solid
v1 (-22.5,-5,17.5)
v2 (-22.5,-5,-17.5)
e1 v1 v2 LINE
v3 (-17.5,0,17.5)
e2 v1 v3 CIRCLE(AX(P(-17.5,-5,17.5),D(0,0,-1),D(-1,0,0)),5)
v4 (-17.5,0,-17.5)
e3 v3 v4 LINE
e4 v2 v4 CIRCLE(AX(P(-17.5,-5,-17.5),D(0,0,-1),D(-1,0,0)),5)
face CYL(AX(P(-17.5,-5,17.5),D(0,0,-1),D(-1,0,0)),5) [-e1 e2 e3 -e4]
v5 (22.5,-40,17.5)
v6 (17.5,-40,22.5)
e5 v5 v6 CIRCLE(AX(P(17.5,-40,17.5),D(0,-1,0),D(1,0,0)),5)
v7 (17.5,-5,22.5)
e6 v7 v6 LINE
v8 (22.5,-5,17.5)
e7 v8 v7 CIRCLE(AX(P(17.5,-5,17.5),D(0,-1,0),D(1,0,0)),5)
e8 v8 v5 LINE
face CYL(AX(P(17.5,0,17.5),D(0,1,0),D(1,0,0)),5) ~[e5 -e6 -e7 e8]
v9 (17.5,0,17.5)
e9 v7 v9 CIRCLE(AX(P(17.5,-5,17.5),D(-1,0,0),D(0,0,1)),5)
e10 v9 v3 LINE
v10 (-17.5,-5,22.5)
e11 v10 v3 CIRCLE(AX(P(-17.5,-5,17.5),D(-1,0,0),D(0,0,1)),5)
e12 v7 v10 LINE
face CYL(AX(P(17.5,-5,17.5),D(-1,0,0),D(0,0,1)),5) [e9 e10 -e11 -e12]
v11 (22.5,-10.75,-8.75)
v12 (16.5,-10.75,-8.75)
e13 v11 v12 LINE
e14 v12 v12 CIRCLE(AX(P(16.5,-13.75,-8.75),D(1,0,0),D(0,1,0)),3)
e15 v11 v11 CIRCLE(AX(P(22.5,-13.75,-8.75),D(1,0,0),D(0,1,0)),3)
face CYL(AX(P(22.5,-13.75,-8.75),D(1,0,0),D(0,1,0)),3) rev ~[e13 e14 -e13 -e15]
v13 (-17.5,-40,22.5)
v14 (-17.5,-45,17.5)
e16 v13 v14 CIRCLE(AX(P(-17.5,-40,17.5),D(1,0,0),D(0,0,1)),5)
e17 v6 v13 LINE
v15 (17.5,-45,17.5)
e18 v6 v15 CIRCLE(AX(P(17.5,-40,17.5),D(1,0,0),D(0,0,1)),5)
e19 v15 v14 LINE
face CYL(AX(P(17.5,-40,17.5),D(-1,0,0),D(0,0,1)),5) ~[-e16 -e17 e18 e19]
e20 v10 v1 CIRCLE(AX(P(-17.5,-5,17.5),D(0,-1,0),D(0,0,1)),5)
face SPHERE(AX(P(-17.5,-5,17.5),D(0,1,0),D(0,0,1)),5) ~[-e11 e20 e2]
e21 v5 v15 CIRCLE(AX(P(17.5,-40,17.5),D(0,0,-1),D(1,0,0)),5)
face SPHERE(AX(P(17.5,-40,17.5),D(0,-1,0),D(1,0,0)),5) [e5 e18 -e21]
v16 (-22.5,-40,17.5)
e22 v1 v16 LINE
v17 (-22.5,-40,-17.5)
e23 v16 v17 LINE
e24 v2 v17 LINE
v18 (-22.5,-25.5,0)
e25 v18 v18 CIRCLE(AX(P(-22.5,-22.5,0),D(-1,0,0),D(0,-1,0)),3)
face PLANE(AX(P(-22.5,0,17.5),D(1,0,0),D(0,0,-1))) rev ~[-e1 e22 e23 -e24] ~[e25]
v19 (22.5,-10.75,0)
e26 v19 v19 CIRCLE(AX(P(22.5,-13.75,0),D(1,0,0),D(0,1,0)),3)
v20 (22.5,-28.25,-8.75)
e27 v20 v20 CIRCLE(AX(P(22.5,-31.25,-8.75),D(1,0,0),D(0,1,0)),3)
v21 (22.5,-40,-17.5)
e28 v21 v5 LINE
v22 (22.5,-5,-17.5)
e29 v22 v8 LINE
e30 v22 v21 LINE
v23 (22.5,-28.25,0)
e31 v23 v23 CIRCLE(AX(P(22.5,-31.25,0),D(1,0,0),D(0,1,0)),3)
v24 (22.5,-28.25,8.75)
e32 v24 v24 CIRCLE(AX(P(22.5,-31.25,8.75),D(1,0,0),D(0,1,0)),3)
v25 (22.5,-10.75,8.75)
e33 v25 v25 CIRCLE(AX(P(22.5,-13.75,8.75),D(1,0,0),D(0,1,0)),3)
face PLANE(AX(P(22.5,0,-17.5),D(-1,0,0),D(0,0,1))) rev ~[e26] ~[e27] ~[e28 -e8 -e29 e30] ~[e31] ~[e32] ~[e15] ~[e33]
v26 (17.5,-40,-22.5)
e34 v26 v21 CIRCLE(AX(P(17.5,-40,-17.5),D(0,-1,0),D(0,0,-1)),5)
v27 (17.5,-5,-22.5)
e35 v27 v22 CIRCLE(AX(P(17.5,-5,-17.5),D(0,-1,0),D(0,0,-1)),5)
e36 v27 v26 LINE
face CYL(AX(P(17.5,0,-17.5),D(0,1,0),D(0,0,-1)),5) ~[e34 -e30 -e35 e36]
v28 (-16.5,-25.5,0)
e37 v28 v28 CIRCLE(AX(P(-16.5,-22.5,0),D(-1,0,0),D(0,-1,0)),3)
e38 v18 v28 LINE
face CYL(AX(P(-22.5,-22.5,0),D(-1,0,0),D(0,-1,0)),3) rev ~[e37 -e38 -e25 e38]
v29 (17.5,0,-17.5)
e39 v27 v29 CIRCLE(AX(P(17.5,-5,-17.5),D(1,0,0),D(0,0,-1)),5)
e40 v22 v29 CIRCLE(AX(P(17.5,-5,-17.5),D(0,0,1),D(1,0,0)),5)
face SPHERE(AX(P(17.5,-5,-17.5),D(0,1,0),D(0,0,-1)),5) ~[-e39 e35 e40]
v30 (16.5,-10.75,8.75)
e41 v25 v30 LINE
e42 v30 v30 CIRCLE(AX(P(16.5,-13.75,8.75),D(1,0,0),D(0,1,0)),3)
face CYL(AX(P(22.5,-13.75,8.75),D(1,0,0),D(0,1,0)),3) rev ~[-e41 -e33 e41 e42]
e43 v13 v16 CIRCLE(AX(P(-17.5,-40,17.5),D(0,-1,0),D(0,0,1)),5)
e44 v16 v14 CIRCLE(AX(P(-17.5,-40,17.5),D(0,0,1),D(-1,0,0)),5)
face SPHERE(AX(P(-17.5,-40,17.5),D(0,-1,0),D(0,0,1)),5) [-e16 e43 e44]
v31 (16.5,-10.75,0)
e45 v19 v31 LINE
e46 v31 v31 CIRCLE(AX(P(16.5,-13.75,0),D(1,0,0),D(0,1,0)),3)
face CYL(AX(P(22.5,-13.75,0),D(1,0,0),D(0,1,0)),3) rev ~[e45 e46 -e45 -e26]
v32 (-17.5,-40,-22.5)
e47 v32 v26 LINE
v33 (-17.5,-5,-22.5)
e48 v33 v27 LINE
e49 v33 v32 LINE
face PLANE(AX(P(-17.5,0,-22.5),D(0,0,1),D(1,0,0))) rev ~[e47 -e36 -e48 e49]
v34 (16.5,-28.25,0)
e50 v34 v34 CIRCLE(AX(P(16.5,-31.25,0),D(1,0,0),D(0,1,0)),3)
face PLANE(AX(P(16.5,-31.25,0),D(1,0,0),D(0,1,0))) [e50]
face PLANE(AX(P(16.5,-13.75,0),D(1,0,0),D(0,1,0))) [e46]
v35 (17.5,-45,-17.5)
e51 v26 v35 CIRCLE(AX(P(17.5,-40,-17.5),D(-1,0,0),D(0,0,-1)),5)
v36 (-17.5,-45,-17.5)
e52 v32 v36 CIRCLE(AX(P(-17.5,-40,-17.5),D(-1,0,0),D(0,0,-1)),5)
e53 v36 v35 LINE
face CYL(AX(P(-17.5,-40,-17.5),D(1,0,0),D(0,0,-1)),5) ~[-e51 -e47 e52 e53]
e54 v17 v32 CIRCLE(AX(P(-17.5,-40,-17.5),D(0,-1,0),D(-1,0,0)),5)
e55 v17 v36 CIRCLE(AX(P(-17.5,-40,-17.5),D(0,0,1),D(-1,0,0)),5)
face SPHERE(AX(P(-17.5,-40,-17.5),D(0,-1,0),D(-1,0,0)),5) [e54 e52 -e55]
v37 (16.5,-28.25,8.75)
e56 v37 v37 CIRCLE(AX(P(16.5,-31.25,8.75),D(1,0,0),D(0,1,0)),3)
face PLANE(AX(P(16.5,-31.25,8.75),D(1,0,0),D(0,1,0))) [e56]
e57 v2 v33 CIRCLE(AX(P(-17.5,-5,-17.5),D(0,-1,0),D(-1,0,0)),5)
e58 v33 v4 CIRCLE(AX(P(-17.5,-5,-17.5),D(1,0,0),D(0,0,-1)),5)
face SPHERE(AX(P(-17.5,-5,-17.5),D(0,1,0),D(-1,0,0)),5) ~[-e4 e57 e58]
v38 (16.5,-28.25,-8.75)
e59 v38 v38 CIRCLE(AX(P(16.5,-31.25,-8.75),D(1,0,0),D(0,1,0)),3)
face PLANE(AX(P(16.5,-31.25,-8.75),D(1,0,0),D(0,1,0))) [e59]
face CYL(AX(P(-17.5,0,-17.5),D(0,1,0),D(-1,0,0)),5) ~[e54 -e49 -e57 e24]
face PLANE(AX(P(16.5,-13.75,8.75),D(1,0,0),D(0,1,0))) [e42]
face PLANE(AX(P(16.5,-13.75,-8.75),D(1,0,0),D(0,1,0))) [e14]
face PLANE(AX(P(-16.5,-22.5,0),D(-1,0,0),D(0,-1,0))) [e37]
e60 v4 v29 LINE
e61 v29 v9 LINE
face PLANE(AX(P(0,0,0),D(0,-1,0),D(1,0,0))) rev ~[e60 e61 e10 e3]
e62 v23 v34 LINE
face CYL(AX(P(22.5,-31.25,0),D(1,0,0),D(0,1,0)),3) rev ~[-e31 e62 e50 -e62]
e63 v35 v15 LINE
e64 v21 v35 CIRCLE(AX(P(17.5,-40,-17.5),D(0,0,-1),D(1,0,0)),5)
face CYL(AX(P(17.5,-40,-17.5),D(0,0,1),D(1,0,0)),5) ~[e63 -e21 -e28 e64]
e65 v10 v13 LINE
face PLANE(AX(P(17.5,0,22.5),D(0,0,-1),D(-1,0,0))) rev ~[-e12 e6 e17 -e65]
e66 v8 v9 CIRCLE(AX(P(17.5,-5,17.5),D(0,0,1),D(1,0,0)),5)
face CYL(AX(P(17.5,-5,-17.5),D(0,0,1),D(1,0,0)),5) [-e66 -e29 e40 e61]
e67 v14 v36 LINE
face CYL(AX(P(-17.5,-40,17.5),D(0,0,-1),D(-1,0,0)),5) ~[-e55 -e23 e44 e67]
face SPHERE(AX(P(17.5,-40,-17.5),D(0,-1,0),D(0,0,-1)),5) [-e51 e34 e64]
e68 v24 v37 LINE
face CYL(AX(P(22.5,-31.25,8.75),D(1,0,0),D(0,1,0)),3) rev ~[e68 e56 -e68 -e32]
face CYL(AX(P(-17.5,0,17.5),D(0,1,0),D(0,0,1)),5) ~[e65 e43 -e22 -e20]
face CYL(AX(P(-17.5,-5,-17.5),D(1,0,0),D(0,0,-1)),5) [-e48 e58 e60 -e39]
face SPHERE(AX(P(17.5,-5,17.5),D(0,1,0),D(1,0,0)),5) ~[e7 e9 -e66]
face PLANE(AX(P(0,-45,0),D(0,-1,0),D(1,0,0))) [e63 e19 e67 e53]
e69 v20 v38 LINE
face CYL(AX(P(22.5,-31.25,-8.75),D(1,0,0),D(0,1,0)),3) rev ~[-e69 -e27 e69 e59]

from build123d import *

# Parameters (mm, degrees)
F1_DEPTH = 45
F2_R     = 5
F3_R     = 5
F4_R     = 3
F5_DEPTH = 6
F6_R     = 3
F7_DEPTH = 6


with BuildPart() as f1:
    # F0 (on Front) → F1 (new body)
    with BuildSketch(Plane.XZ):
        with BuildLine():
            Line((17.5, 22.5), (-17.5, 22.5))
            ThreePointArc((-17.5, 22.5), (-21.0355339059, 21.0355339059), (-22.5, 17.5))
            Line((-22.5, 17.5), (-22.5, -17.5))
            ThreePointArc((-22.5, -17.5), (-21.0355339059, -21.0355339059), (-17.5, -22.5))
            Line((-17.5, -22.5), (17.5, -22.5))
            ThreePointArc((17.5, -22.5), (21.0355339059, -21.0355339059), (22.5, -17.5))
            Line((22.5, -17.5), (22.5, 17.5))
            ThreePointArc((22.5, 17.5), (21.0355339059, 21.0355339059), (17.5, 22.5))
        make_face()
    extrude(amount=F1_DEPTH)

    # F2
    f2_edges = [f1.edges().sort_by_distance(p)[0] for p in [
        (0, -45, 22.5),
        (-21.035534, -45, 21.035534),
        (-22.5, -45, 0),
        (-21.035534, -45, -21.035534),
        (0, -45, -22.5),
        (21.035534, -45, -21.035534),
        (22.5, -45, 0),
        (21.035534, -45, 21.035534),
    ]]
    fillet(f2_edges, radius=F2_R)

    # F3
    f3_edges = [f1.edges().sort_by_distance(p)[0] for p in [
        (0, 0, 22.5),
        (-21.035534, 0, 21.035534),
        (-22.5, 0, 0),
        (-21.035534, 0, -21.035534),
        (0, 0, -22.5),
        (21.035534, 0, -21.035534),
        (22.5, 0, 0),
        (21.035534, 0, 21.035534),
    ]]
    fillet(f3_edges, radius=F3_R)

    # F4 (on face) → F5 (cut)
    with BuildSketch(Plane(origin=(-22.5, 0, 0), x_dir=(0, -1, 0), z_dir=(-1, 0, 0))):
        with Locations((22.5, 0)):
            Circle(F4_R)
    extrude(amount=-F5_DEPTH, mode=Mode.SUBTRACT)

    # F6 (on face) → F7 (cut)
    with BuildSketch(Plane.YZ.offset(22.5)):
        with Locations((-31.25, 8.75)):
            Circle(F6_R)
        with Locations((-31.25, 0)):
            Circle(F6_R)
        with Locations((-31.25, -8.75)):
            Circle(F6_R)
        with Locations((-13.75, -8.75)):
            Circle(F6_R)
        with Locations((-13.75, 0)):
            Circle(F6_R)
        with Locations((-13.75, 8.75)):
            Circle(F6_R)
    extrude(amount=-F7_DEPTH, mode=Mode.SUBTRACT)


solid = f1.part
